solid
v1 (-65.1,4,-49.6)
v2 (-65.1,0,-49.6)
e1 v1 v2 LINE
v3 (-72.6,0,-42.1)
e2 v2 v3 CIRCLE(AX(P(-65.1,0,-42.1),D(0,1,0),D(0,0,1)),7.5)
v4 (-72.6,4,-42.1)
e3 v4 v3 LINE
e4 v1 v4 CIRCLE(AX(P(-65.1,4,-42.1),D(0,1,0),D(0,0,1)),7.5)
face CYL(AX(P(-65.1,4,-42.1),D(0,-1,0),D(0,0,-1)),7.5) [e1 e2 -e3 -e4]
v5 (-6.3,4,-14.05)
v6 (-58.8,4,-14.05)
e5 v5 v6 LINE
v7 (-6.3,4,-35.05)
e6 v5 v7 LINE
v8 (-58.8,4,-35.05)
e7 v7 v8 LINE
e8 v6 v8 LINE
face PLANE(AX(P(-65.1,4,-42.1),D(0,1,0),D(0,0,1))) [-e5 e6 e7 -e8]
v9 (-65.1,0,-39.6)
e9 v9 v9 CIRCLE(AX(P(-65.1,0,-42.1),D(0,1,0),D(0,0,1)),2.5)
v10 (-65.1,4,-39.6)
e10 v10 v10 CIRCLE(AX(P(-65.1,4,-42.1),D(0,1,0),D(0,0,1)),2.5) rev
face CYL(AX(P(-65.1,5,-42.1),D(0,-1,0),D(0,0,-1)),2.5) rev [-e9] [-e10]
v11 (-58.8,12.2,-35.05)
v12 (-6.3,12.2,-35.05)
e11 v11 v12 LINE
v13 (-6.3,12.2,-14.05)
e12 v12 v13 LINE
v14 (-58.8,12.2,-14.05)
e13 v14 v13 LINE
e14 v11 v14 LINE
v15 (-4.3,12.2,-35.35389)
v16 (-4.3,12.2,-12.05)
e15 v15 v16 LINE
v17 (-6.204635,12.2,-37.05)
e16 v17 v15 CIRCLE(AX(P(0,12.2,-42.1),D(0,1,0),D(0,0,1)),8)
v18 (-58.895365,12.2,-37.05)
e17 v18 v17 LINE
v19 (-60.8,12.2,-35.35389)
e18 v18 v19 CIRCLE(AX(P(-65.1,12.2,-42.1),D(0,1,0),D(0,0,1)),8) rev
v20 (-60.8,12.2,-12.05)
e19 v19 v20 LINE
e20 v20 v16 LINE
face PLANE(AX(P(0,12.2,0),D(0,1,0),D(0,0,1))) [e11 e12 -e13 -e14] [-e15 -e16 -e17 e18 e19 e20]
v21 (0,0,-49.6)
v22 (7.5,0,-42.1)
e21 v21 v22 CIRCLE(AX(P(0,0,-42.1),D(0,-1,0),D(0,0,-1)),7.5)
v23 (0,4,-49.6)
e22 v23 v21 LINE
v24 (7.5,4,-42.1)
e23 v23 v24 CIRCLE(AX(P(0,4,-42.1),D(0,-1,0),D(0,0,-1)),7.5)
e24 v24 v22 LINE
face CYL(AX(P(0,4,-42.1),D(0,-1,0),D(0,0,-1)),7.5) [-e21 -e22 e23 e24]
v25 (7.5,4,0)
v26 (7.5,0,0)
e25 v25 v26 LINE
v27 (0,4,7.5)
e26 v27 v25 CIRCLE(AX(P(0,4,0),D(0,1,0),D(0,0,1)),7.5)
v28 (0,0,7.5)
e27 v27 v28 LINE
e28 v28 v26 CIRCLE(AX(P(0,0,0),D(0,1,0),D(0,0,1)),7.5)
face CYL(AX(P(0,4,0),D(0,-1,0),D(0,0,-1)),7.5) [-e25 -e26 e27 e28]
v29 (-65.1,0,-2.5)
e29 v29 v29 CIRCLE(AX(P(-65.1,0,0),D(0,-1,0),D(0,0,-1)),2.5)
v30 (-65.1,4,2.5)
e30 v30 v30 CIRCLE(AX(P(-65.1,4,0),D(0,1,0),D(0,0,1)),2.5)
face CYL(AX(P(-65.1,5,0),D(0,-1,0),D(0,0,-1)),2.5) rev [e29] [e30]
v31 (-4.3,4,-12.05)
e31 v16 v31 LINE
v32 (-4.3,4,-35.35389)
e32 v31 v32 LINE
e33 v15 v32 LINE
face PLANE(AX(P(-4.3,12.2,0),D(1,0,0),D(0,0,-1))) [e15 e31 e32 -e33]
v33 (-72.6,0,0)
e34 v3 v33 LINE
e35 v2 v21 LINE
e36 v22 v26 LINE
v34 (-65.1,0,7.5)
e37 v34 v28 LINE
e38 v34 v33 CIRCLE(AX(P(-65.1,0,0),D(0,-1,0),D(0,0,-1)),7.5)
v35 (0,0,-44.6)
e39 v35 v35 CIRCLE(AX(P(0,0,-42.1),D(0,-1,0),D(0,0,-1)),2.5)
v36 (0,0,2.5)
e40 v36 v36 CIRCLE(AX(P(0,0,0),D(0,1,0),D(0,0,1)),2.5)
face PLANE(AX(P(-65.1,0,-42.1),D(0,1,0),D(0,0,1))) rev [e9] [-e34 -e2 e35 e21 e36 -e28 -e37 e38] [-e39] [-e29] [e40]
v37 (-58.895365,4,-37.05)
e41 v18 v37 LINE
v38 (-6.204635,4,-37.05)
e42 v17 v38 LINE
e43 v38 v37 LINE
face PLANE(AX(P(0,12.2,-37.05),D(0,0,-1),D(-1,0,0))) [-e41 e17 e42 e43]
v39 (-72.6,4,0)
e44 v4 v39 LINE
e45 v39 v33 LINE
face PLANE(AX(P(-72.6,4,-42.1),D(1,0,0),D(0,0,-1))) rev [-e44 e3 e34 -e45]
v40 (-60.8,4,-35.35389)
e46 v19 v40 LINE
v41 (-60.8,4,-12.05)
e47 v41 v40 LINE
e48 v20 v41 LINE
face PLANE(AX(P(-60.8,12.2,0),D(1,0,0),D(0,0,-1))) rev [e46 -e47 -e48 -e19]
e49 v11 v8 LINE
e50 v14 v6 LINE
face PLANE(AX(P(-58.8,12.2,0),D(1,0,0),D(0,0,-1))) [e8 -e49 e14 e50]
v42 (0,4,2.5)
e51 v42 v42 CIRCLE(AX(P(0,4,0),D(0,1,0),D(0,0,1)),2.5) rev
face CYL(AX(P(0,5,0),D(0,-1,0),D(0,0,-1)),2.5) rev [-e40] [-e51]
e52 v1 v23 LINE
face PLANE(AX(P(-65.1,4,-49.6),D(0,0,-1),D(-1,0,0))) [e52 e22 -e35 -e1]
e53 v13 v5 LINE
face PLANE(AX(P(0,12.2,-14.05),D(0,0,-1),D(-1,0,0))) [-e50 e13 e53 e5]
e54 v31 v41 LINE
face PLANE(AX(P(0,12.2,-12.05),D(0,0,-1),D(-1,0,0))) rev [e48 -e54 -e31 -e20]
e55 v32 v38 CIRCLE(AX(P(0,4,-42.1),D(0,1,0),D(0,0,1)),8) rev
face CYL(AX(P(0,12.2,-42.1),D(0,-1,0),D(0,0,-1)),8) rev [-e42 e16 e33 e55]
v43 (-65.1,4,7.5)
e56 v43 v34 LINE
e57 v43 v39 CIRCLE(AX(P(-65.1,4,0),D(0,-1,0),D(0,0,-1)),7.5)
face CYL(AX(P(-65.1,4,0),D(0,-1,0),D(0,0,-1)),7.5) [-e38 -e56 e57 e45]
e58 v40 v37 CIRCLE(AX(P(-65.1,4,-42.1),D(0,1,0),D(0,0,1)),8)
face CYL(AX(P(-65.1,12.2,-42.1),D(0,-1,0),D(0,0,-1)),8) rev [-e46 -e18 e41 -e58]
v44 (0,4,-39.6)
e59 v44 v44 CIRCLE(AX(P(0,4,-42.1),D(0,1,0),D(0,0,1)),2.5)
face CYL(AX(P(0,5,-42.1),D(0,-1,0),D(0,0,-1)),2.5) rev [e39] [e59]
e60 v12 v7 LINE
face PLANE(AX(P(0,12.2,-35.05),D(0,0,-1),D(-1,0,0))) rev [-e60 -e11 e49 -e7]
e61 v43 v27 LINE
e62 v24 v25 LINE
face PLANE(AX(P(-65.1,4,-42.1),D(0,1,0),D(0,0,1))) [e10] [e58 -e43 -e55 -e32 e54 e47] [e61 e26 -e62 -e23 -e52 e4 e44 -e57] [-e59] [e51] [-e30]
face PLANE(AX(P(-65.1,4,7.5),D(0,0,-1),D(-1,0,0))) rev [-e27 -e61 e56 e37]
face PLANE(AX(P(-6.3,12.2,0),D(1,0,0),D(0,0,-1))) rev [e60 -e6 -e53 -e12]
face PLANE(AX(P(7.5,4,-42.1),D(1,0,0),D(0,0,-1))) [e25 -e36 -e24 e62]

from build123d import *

# Parameters (mm, degrees)
EXTRUDE_1_DEPTH     = 4
SKETCH_1_3_R        = 2.5
CUT_EXTRUDE_1_DEPTH = 5
SKETCH_1_4_W        = 52.5
SKETCH_1_4_H        = 21
EXTRUDE_2_DEPTH     = 12.2


with BuildPart() as part:
    # Эскиз1 → Бобышка-Вытянуть1 (new body)
    with BuildSketch(Plane(origin=(0, 0, 0), x_dir=(1, 0, 0), z_dir=(0, 1, 0))):
        with BuildLine():
            Line((-65.1, 49.6), (0, 49.6))
            ThreePointArc((0, 49.6), (5.303300859, 47.403300859), (7.5, 42.1))
            Line((7.5, 42.1), (7.5, 0))
            ThreePointArc((7.5, 0), (5.303300859, -5.303300859), (0, -7.5))
            Line((0, -7.5), (-65.1, -7.5))
            ThreePointArc((-65.1, -7.5), (-70.403300859, -5.303300859), (-72.6, 0))
            Line((-72.6, 0), (-72.6, 42.1))
            ThreePointArc((-72.6, 42.1), (-70.403300859, 47.403300859), (-65.1, 49.6))
        make_face()
    extrude(amount=EXTRUDE_1_DEPTH)

    # Эскиз1<3> → Вырез-Вытянуть1 (cut)
    with BuildSketch(Plane(origin=(0, 0, 0), x_dir=(1, 0, 0), z_dir=(0, 1, 0))):
        with Locations((-65.1, 42.1)):
            Circle(SKETCH_1_3_R)
        with Locations((0, 42.1)):
            Circle(SKETCH_1_3_R)
        Circle(SKETCH_1_3_R)
        with Locations((-65.1, 0)):
            Circle(SKETCH_1_3_R)
    extrude(amount=CUT_EXTRUDE_1_DEPTH, mode=Mode.SUBTRACT)

    # Эскиз1<4> → Бобышка-Вытянуть2 (add)
    with BuildSketch(Plane(origin=(0, 0, 0), x_dir=(1, 0, 0), z_dir=(0, 1, 0))):
        with BuildLine():
            Line((-6.204635364, 37.05), (-58.895364636, 37.05))
            ThreePointArc((-58.895364636, 37.05), (-59.779658065, 36.125557625), (-60.8, 35.35389001))
            Line((-60.8, 35.35389001), (-60.8, 12.05))
            Line((-60.8, 12.05), (-4.3, 12.05))
            Line((-4.3, 12.05), (-4.3, 35.35389001))
            ThreePointArc((-4.3, 35.35389001), (-5.320341935, 36.125557625), (-6.204635364, 37.05))
        make_face()
        with Locations((-32.55, 24.55)):
            Rectangle(SKETCH_1_4_W, SKETCH_1_4_H, mode=Mode.SUBTRACT)
    extrude(amount=EXTRUDE_2_DEPTH)


solid = part.part
